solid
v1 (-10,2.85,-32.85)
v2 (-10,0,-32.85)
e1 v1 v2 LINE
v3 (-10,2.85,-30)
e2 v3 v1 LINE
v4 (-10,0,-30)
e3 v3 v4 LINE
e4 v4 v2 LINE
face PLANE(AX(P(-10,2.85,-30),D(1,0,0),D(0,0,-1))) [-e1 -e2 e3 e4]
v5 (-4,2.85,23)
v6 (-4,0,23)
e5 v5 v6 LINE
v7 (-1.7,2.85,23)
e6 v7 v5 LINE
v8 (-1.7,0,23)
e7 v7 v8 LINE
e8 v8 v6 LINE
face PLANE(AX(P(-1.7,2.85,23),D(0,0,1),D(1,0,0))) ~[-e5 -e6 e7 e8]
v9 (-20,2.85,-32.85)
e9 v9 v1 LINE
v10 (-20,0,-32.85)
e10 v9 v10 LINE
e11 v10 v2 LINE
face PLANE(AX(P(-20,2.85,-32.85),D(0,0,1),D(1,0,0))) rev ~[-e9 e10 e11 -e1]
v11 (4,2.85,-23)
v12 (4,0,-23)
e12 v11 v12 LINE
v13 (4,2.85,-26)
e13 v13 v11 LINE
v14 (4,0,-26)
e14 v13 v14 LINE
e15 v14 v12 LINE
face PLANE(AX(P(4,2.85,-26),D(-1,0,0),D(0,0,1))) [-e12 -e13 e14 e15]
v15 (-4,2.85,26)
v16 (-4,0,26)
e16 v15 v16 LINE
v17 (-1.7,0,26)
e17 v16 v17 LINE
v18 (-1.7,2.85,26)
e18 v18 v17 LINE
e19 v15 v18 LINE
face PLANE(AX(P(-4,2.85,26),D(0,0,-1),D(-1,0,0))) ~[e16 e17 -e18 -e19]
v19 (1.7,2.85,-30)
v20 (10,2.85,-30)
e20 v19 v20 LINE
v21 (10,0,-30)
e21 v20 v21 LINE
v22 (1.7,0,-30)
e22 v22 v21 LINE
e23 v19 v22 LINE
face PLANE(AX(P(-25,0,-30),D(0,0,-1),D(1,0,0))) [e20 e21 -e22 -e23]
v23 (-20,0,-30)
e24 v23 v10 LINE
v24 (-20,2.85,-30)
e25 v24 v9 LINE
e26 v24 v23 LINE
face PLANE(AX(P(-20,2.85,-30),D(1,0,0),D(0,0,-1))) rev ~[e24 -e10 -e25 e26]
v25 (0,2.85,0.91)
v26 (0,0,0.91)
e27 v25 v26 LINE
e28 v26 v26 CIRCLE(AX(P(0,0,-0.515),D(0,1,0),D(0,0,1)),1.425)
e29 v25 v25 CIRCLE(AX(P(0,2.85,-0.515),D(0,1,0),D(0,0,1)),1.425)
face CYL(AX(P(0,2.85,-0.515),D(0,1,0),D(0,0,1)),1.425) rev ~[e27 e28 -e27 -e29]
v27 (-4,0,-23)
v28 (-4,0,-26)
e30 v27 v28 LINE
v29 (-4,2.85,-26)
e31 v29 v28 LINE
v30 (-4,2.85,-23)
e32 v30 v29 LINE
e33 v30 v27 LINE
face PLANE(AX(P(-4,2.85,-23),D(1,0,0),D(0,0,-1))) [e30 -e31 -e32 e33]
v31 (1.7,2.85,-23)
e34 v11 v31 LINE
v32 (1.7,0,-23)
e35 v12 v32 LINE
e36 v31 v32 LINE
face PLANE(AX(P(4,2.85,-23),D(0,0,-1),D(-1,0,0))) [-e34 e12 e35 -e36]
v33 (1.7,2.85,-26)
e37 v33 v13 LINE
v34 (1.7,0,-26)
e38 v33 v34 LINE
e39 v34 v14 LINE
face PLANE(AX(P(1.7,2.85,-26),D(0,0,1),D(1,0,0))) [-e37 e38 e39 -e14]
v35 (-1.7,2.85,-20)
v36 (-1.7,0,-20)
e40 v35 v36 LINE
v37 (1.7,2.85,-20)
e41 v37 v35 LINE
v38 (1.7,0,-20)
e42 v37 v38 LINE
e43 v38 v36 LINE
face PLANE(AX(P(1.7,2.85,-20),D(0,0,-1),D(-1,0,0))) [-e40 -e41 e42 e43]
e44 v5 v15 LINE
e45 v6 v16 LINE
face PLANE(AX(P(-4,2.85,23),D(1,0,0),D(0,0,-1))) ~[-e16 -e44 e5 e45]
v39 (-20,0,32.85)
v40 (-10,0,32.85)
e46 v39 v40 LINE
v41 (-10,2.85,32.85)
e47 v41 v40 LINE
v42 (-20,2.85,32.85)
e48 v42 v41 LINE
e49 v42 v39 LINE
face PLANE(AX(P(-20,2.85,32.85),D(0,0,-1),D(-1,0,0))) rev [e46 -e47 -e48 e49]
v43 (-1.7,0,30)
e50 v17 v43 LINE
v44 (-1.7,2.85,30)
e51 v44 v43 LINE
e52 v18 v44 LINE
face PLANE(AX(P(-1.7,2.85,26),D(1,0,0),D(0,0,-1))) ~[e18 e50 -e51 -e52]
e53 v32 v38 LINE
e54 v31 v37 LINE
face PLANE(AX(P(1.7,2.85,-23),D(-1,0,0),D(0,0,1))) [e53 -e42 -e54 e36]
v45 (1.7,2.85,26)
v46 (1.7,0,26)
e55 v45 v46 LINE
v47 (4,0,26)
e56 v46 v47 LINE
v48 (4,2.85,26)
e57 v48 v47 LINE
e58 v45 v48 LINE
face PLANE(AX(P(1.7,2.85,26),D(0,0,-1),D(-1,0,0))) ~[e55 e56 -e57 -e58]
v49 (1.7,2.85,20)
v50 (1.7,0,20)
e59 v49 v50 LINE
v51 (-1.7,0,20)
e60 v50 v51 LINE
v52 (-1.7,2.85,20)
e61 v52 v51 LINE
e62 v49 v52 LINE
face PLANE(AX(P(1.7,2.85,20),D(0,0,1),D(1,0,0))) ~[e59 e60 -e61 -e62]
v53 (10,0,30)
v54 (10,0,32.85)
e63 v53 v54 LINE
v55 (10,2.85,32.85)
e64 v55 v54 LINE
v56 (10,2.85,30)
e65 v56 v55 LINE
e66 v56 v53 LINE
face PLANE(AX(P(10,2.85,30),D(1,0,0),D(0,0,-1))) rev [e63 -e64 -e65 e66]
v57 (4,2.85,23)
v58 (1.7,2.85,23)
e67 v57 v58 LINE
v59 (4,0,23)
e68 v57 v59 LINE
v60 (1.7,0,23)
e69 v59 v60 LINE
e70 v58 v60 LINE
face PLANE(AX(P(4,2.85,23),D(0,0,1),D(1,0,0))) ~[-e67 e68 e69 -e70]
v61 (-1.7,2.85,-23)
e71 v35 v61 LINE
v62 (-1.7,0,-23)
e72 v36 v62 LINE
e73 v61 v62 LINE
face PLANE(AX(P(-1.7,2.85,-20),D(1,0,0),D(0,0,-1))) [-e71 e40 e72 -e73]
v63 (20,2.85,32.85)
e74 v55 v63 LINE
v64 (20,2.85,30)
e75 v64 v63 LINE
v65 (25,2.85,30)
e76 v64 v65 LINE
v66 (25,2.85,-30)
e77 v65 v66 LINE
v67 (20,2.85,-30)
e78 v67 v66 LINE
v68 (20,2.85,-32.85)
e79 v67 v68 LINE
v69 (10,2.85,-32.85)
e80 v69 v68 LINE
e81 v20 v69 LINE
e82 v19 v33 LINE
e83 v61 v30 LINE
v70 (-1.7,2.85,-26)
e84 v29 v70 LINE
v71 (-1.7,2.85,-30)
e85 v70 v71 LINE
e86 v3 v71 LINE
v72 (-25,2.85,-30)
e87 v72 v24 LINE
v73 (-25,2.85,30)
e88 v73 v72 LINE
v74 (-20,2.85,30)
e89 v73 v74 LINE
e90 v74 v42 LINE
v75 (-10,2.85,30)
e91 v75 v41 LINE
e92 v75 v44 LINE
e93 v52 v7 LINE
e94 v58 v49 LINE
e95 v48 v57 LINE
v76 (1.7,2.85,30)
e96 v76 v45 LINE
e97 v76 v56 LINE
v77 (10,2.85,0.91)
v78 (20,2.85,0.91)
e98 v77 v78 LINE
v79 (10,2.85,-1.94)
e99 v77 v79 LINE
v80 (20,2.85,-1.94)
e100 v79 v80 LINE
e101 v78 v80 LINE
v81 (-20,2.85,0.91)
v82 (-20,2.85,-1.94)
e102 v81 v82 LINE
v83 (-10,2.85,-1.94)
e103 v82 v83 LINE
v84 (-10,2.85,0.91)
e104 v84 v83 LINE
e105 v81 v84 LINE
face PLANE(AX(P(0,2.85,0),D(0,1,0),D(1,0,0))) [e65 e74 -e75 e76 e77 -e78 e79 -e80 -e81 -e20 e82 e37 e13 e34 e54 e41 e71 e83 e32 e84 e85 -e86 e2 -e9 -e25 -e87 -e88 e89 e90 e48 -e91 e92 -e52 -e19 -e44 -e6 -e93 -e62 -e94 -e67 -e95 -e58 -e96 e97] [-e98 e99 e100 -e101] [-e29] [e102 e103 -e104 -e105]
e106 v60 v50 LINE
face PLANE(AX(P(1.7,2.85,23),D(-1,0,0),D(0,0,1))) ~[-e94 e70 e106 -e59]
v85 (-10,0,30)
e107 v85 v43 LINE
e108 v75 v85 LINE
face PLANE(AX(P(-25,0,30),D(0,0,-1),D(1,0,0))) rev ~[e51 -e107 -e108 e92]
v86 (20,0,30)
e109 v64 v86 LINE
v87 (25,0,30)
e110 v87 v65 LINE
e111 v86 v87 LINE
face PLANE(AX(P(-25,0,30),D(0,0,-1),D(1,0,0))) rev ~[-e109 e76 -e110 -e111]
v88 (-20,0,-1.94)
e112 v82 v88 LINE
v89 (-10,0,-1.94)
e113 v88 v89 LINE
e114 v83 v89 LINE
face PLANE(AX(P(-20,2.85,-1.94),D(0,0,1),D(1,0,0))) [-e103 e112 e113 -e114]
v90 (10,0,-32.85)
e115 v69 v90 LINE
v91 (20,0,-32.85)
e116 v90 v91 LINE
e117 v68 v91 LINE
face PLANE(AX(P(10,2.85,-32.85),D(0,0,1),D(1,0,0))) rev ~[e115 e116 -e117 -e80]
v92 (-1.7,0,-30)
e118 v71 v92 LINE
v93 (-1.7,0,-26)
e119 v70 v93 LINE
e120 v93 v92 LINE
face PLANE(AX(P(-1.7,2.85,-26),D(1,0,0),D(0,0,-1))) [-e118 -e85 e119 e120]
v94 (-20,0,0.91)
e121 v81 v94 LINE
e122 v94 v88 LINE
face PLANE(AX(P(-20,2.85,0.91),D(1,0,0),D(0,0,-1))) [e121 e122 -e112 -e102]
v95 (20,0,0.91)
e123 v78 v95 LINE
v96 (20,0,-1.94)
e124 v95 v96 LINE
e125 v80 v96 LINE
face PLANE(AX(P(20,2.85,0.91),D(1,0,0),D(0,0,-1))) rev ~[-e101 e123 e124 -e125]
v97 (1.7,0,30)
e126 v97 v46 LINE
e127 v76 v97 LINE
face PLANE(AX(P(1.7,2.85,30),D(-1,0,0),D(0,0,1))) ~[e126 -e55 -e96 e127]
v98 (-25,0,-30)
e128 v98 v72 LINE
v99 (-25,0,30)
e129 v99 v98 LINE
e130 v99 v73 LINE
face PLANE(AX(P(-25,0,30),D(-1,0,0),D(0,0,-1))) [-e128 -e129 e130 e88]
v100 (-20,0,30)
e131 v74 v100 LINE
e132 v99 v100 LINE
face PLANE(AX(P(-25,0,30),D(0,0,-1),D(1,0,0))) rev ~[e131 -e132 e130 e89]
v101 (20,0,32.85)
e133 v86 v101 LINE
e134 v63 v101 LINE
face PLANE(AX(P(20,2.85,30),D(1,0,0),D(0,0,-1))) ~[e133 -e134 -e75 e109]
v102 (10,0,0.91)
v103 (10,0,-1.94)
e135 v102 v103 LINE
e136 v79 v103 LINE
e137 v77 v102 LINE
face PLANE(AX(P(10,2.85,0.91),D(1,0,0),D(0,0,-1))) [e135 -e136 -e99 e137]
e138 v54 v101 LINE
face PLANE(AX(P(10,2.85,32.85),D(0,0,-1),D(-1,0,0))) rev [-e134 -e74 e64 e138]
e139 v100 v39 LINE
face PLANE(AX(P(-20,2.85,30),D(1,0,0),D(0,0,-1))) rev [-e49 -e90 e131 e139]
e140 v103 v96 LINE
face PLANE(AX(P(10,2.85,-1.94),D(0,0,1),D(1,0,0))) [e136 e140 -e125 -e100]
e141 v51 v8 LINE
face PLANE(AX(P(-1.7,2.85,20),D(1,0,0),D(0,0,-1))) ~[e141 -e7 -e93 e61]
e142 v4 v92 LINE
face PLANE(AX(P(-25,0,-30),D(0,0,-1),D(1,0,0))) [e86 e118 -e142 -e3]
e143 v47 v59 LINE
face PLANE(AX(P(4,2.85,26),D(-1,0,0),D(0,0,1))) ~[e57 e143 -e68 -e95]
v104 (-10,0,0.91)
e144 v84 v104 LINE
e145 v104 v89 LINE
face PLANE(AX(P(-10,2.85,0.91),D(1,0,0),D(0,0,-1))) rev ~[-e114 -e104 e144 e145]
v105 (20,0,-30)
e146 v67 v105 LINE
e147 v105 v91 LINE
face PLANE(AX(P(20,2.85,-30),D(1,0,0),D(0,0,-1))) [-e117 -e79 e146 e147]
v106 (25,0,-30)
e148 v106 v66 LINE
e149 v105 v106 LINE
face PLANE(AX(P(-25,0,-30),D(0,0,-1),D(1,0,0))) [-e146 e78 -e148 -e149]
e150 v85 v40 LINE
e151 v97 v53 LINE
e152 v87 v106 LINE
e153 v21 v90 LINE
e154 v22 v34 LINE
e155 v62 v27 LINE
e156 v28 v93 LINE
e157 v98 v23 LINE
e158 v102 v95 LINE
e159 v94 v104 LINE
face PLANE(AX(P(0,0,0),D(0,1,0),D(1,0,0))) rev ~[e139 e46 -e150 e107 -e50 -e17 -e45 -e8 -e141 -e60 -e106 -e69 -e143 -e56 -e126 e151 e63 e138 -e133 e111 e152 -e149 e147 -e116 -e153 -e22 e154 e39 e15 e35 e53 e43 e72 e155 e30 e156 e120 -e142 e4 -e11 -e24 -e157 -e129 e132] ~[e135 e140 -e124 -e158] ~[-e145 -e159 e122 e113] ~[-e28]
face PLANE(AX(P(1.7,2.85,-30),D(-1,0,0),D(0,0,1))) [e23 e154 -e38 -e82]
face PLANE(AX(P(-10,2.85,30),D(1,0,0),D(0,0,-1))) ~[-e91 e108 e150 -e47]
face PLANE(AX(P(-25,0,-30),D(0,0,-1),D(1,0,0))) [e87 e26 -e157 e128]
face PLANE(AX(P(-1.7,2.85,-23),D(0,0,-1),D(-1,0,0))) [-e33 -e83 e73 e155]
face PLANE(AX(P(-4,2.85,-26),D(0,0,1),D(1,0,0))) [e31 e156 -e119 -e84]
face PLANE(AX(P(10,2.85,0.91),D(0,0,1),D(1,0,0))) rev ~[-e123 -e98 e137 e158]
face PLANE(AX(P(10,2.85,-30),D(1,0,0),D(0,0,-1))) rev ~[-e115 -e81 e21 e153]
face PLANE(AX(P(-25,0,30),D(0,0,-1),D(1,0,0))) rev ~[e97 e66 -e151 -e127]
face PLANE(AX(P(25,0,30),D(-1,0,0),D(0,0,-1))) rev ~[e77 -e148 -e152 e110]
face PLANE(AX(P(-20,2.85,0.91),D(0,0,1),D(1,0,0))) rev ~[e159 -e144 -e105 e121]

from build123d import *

# Parameters (mm, degrees)
SKETCH1_W           = 50
SKETCH1_H           = 60
BOSS_EXTRUDE1_DEPTH = 2.85
SKETCH2_W           = 10
SKETCH2_H           = 2.85
BOSS_EXTRUDE2_DEPTH = 2.85
CUT_EXTRUDE1_DEPTH  = 42.379282256
SKETCH4_R           = 1.425
SKETCH4_W           = 10
SKETCH4_H           = 2.85
CUT_EXTRUDE2_DEPTH  = 42.379282256


with BuildPart() as part:
    # Sketch1 → Boss-Extrude1 (new body)
    with BuildSketch(Plane(origin=(0, 0, 0), x_dir=(1, 0, 0), z_dir=(0, 1, 0))):
        Rectangle(SKETCH1_W, SKETCH1_H)
    extrude(amount=BOSS_EXTRUDE1_DEPTH)

    # Sketch2 → Boss-Extrude2 (add)
    with BuildSketch(Plane(origin=(0, 2.85, 0), x_dir=(1, 0, 0), z_dir=(0, 1, 0))):
        with Locations((-15, 31.425)):
            Rectangle(SKETCH2_W, SKETCH2_H)
        with Locations((15, 31.425)):
            Rectangle(SKETCH2_W, SKETCH2_H)
    boss_extrude2 = extrude(amount=-BOSS_EXTRUDE2_DEPTH)

    # Sketch3 → Cut-Extrude1 (cut, through all)
    with BuildSketch(Plane(origin=(0, 2.85, 0), x_dir=(1, 0, 0), z_dir=(0, 1, 0))):
        Polygon((-4, 26), (-1.7, 26), (-1.7, 30), (1.7, 30), (1.7, 26), (4, 26), (4, 23), (1.7, 23), (1.7, 20), (-1.7, 20), (-1.7, 23), (-4, 23), align=None)
    cut_extrude1 = extrude(amount=-CUT_EXTRUDE1_DEPTH, mode=Mode.SUBTRACT)

    # Mirror1: Boss-Extrude2, Cut-Extrude1 across plane
    add(boss_extrude2.mirror(Plane.XY))
    add(cut_extrude1.mirror(Plane.XY), mode=Mode.SUBTRACT)

    # Sketch4 → Cut-Extrude2 (cut, through all)
    with BuildSketch(Plane(origin=(0, 2.85, 0), x_dir=(1, 0, 0), z_dir=(0, 1, 0))):
        with Locations(Location((0, 0.515, 0), (0, 0, 270))):
            Circle(SKETCH4_R)
        with Locations((-15, 0.515)):
            Rectangle(SKETCH4_W, SKETCH4_H)
        with Locations((15, 0.515)):
            Rectangle(SKETCH4_W, SKETCH4_H)
    extrude(amount=-CUT_EXTRUDE2_DEPTH, mode=Mode.SUBTRACT)


solid = part.part
